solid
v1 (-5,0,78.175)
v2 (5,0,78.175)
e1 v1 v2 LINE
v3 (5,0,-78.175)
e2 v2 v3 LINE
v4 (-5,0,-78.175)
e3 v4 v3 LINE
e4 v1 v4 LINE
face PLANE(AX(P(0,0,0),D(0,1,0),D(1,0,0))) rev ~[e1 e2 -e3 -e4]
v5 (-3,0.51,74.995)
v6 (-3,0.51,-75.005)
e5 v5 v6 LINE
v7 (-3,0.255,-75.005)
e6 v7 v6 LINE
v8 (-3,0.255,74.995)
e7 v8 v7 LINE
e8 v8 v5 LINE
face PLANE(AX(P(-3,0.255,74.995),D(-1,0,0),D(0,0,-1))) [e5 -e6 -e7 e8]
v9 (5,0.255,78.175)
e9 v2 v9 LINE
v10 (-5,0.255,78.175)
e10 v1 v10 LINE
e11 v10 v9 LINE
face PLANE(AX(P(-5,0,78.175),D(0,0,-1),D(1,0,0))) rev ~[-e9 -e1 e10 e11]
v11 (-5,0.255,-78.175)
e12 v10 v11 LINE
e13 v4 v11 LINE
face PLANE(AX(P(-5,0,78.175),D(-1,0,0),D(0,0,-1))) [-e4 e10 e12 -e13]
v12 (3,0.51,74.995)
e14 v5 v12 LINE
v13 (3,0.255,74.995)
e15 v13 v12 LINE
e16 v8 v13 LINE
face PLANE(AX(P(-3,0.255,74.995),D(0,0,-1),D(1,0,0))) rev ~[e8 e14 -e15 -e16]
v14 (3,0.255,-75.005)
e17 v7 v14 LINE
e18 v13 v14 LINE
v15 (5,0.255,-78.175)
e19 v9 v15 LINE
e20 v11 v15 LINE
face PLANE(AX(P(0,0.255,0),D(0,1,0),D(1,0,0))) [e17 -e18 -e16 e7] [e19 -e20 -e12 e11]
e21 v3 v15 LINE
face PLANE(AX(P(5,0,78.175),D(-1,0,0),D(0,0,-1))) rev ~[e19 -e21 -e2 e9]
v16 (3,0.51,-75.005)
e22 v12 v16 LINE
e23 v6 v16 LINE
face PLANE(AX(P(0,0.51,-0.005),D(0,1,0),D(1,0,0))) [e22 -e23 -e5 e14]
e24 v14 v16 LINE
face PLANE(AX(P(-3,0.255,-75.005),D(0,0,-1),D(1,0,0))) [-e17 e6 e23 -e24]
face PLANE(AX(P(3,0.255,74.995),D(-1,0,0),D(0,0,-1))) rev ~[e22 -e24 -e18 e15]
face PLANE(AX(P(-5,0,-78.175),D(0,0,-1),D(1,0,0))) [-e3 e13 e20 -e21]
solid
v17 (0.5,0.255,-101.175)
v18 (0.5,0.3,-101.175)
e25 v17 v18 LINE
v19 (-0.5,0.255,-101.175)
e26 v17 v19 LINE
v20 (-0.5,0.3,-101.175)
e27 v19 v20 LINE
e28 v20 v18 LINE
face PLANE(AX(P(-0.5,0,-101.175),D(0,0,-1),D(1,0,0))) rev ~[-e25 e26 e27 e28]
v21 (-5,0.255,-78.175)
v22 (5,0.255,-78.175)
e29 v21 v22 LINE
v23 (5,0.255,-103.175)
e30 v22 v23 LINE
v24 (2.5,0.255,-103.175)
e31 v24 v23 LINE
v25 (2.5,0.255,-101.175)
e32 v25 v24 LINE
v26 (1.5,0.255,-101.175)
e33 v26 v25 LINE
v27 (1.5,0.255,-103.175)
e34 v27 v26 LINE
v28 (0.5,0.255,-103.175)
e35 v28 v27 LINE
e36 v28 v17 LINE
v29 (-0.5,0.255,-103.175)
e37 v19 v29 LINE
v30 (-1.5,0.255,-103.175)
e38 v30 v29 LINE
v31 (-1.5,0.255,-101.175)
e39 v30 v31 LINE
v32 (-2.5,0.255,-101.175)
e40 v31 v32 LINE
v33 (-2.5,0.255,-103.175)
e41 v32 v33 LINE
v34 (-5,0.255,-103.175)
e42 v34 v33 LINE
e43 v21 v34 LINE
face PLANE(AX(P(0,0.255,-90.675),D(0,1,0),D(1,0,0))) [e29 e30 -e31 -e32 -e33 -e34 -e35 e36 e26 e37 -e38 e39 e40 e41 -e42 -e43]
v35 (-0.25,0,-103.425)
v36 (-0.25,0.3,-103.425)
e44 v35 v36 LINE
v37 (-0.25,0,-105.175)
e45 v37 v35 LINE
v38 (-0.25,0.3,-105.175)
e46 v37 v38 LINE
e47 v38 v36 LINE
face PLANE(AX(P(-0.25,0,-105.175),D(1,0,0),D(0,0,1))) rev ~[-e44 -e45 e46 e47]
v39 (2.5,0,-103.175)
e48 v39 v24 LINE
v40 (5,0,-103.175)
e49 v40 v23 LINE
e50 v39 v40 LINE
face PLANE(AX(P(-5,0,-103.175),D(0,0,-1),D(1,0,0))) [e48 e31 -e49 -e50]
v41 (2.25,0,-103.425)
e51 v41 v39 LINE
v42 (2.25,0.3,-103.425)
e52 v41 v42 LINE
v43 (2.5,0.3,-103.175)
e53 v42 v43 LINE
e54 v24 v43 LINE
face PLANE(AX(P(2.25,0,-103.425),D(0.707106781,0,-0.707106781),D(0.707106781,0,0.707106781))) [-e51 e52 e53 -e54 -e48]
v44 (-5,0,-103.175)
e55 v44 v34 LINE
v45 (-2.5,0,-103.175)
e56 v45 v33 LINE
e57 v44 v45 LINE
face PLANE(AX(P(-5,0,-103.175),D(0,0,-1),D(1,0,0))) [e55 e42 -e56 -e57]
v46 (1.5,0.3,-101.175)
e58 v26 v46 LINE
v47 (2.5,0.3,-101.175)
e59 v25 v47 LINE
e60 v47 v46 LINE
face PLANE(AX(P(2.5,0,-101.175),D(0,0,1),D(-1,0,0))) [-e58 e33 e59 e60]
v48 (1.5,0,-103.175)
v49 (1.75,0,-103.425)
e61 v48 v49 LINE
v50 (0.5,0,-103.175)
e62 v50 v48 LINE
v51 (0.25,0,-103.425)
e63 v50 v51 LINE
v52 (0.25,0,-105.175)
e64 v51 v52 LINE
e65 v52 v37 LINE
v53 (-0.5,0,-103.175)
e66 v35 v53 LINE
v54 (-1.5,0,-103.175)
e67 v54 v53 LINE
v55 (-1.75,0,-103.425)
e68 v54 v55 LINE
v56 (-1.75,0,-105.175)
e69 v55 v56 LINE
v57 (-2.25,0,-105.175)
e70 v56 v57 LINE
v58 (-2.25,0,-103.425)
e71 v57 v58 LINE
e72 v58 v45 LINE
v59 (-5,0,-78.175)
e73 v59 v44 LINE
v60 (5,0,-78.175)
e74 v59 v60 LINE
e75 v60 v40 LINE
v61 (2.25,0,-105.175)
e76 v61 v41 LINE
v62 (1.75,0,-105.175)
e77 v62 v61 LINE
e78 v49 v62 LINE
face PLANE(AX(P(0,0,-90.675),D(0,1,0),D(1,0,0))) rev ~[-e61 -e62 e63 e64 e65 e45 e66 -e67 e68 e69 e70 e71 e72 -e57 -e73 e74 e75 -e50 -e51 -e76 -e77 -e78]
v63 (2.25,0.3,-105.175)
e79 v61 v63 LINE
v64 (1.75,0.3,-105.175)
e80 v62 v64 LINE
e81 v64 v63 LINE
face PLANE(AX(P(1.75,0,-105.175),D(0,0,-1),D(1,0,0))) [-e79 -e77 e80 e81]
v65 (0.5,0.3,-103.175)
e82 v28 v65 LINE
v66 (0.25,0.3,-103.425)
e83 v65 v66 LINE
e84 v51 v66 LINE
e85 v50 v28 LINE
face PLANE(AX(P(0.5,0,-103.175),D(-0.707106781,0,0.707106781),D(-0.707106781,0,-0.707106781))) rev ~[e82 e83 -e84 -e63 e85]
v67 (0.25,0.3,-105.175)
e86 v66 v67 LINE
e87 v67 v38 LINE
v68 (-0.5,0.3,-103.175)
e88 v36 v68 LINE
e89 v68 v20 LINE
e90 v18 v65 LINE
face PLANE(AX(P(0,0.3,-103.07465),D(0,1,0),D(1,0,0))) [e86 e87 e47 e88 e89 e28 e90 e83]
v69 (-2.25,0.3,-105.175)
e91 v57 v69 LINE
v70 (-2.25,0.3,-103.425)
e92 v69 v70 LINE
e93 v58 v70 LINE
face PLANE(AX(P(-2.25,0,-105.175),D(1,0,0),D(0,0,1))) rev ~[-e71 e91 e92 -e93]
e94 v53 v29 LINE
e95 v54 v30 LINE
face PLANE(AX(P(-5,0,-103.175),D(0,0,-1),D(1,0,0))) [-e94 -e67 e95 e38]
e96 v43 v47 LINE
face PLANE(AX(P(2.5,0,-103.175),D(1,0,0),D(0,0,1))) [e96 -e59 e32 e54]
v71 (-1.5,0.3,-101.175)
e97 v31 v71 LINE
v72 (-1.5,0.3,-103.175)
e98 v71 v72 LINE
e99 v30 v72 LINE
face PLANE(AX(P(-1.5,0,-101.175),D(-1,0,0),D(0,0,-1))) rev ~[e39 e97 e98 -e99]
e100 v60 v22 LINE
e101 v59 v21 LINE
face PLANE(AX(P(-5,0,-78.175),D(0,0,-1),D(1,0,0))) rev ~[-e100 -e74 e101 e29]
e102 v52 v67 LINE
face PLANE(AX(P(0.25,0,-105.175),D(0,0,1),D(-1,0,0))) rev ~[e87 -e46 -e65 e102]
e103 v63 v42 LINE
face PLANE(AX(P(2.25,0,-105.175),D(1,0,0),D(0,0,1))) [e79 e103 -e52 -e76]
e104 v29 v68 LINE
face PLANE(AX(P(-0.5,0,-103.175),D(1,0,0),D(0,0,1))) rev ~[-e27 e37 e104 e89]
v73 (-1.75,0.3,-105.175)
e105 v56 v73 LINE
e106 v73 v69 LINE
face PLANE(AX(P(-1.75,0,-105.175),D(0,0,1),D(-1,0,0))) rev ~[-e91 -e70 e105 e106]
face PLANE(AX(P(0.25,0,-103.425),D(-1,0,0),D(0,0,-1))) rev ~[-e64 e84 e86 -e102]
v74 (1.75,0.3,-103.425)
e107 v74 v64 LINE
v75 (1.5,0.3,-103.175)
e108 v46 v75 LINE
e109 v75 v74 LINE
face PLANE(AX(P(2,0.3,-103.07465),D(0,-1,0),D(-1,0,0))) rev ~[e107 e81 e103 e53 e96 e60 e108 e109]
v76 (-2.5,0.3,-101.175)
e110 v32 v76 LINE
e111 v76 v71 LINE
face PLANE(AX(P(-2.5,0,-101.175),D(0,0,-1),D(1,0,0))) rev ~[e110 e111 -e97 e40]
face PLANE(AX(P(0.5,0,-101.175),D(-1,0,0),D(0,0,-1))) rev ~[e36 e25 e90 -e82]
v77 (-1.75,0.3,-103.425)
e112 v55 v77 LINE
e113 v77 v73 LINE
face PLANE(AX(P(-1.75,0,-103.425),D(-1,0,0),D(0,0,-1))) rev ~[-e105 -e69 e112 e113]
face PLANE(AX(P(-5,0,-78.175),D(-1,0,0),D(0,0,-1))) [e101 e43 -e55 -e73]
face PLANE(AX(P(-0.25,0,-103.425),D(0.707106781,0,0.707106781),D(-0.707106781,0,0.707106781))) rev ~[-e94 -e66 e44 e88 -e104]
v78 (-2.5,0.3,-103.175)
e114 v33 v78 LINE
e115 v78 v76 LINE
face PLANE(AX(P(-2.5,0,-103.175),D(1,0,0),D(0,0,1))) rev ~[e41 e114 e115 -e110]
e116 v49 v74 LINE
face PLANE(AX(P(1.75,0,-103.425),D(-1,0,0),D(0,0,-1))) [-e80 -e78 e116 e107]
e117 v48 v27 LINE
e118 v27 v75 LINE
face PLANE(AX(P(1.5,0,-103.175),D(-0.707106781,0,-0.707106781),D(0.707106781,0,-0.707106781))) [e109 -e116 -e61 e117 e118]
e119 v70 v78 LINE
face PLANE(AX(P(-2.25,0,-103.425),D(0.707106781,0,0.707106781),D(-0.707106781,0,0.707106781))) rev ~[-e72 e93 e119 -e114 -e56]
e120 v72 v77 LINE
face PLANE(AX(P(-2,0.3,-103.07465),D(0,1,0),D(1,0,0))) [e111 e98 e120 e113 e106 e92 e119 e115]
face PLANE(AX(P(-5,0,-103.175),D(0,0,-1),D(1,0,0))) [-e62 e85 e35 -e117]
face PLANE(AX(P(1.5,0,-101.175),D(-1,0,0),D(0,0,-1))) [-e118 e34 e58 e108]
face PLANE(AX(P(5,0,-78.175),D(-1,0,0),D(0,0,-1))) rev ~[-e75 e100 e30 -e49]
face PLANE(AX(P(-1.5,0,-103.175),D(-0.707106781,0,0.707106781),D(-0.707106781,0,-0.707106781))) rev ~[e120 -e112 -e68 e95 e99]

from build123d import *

# Parameters (mm, degrees)
SKETCH1_W           = 10
SKETCH1_H           = 156.35
BOSS_EXTRUDE1_DEPTH = 0.255
SKETCH2_W           = 6
SKETCH2_H           = 150
BOSS_EXTRUDE2_DEPTH = 0.255
SKETCH3_W           = 10
SKETCH3_H           = 25
BOSS_EXTRUDE4_DEPTH = 0.255
BOSS_EXTRUDE5_DEPTH = 0.3


with BuildPart() as part:
    # Sketch1 → Boss-Extrude1 (new body)
    with BuildSketch(Plane(origin=(0, 0, 0), x_dir=(1, 0, 0), z_dir=(0, 1, 0))):
        Rectangle(SKETCH1_W, SKETCH1_H)
    extrude(amount=BOSS_EXTRUDE1_DEPTH)

    # Sketch2 → Boss-Extrude2 (add)
    with BuildSketch(Plane(origin=(0, 0.255, 0), x_dir=(1, 0, 0), z_dir=(0, 1, 0))):
        with Locations((0, 0.005)):
            Rectangle(SKETCH2_W, SKETCH2_H)
    extrude(amount=BOSS_EXTRUDE2_DEPTH)


with BuildPart() as body_2:
    # Sketch3 → Boss-Extrude4 (new body)
    with BuildSketch(Plane(origin=(0, 0, 0), x_dir=(1, 0, 0), z_dir=(0, 1, 0))):
        with Locations((0, 90.675)):
            Rectangle(SKETCH3_W, SKETCH3_H)
    extrude(amount=BOSS_EXTRUDE4_DEPTH)

    # Sketch6 → Boss-Extrude5 (add)
    with BuildSketch(Plane(origin=(0, 0, 0), x_dir=(1, 0, 0), z_dir=(0, 1, 0))):
        Polygon((-0.5, 101.175), (0.5, 101.175), (0.5, 103.175), (0.25, 103.425), (0.25, 105.175), (-0.25, 105.175), (-0.25, 103.425), (-0.5, 103.175), align=None)
        Polygon((2.25, 105.175), (2.25, 103.425), (2.5, 103.175), (2.5, 101.175), (1.5, 101.175), (1.5, 103.175), (1.75, 103.425), (1.75, 105.175), align=None)
        Polygon((-1.75, 105.175), (-2.25, 105.175), (-2.25, 103.425), (-2.5, 103.175), (-2.5, 101.175), (-1.5, 101.175), (-1.5, 103.175), (-1.75, 103.425), align=None)
    extrude(amount=BOSS_EXTRUDE5_DEPTH)


solid = Compound([part.part, body_2.part])
